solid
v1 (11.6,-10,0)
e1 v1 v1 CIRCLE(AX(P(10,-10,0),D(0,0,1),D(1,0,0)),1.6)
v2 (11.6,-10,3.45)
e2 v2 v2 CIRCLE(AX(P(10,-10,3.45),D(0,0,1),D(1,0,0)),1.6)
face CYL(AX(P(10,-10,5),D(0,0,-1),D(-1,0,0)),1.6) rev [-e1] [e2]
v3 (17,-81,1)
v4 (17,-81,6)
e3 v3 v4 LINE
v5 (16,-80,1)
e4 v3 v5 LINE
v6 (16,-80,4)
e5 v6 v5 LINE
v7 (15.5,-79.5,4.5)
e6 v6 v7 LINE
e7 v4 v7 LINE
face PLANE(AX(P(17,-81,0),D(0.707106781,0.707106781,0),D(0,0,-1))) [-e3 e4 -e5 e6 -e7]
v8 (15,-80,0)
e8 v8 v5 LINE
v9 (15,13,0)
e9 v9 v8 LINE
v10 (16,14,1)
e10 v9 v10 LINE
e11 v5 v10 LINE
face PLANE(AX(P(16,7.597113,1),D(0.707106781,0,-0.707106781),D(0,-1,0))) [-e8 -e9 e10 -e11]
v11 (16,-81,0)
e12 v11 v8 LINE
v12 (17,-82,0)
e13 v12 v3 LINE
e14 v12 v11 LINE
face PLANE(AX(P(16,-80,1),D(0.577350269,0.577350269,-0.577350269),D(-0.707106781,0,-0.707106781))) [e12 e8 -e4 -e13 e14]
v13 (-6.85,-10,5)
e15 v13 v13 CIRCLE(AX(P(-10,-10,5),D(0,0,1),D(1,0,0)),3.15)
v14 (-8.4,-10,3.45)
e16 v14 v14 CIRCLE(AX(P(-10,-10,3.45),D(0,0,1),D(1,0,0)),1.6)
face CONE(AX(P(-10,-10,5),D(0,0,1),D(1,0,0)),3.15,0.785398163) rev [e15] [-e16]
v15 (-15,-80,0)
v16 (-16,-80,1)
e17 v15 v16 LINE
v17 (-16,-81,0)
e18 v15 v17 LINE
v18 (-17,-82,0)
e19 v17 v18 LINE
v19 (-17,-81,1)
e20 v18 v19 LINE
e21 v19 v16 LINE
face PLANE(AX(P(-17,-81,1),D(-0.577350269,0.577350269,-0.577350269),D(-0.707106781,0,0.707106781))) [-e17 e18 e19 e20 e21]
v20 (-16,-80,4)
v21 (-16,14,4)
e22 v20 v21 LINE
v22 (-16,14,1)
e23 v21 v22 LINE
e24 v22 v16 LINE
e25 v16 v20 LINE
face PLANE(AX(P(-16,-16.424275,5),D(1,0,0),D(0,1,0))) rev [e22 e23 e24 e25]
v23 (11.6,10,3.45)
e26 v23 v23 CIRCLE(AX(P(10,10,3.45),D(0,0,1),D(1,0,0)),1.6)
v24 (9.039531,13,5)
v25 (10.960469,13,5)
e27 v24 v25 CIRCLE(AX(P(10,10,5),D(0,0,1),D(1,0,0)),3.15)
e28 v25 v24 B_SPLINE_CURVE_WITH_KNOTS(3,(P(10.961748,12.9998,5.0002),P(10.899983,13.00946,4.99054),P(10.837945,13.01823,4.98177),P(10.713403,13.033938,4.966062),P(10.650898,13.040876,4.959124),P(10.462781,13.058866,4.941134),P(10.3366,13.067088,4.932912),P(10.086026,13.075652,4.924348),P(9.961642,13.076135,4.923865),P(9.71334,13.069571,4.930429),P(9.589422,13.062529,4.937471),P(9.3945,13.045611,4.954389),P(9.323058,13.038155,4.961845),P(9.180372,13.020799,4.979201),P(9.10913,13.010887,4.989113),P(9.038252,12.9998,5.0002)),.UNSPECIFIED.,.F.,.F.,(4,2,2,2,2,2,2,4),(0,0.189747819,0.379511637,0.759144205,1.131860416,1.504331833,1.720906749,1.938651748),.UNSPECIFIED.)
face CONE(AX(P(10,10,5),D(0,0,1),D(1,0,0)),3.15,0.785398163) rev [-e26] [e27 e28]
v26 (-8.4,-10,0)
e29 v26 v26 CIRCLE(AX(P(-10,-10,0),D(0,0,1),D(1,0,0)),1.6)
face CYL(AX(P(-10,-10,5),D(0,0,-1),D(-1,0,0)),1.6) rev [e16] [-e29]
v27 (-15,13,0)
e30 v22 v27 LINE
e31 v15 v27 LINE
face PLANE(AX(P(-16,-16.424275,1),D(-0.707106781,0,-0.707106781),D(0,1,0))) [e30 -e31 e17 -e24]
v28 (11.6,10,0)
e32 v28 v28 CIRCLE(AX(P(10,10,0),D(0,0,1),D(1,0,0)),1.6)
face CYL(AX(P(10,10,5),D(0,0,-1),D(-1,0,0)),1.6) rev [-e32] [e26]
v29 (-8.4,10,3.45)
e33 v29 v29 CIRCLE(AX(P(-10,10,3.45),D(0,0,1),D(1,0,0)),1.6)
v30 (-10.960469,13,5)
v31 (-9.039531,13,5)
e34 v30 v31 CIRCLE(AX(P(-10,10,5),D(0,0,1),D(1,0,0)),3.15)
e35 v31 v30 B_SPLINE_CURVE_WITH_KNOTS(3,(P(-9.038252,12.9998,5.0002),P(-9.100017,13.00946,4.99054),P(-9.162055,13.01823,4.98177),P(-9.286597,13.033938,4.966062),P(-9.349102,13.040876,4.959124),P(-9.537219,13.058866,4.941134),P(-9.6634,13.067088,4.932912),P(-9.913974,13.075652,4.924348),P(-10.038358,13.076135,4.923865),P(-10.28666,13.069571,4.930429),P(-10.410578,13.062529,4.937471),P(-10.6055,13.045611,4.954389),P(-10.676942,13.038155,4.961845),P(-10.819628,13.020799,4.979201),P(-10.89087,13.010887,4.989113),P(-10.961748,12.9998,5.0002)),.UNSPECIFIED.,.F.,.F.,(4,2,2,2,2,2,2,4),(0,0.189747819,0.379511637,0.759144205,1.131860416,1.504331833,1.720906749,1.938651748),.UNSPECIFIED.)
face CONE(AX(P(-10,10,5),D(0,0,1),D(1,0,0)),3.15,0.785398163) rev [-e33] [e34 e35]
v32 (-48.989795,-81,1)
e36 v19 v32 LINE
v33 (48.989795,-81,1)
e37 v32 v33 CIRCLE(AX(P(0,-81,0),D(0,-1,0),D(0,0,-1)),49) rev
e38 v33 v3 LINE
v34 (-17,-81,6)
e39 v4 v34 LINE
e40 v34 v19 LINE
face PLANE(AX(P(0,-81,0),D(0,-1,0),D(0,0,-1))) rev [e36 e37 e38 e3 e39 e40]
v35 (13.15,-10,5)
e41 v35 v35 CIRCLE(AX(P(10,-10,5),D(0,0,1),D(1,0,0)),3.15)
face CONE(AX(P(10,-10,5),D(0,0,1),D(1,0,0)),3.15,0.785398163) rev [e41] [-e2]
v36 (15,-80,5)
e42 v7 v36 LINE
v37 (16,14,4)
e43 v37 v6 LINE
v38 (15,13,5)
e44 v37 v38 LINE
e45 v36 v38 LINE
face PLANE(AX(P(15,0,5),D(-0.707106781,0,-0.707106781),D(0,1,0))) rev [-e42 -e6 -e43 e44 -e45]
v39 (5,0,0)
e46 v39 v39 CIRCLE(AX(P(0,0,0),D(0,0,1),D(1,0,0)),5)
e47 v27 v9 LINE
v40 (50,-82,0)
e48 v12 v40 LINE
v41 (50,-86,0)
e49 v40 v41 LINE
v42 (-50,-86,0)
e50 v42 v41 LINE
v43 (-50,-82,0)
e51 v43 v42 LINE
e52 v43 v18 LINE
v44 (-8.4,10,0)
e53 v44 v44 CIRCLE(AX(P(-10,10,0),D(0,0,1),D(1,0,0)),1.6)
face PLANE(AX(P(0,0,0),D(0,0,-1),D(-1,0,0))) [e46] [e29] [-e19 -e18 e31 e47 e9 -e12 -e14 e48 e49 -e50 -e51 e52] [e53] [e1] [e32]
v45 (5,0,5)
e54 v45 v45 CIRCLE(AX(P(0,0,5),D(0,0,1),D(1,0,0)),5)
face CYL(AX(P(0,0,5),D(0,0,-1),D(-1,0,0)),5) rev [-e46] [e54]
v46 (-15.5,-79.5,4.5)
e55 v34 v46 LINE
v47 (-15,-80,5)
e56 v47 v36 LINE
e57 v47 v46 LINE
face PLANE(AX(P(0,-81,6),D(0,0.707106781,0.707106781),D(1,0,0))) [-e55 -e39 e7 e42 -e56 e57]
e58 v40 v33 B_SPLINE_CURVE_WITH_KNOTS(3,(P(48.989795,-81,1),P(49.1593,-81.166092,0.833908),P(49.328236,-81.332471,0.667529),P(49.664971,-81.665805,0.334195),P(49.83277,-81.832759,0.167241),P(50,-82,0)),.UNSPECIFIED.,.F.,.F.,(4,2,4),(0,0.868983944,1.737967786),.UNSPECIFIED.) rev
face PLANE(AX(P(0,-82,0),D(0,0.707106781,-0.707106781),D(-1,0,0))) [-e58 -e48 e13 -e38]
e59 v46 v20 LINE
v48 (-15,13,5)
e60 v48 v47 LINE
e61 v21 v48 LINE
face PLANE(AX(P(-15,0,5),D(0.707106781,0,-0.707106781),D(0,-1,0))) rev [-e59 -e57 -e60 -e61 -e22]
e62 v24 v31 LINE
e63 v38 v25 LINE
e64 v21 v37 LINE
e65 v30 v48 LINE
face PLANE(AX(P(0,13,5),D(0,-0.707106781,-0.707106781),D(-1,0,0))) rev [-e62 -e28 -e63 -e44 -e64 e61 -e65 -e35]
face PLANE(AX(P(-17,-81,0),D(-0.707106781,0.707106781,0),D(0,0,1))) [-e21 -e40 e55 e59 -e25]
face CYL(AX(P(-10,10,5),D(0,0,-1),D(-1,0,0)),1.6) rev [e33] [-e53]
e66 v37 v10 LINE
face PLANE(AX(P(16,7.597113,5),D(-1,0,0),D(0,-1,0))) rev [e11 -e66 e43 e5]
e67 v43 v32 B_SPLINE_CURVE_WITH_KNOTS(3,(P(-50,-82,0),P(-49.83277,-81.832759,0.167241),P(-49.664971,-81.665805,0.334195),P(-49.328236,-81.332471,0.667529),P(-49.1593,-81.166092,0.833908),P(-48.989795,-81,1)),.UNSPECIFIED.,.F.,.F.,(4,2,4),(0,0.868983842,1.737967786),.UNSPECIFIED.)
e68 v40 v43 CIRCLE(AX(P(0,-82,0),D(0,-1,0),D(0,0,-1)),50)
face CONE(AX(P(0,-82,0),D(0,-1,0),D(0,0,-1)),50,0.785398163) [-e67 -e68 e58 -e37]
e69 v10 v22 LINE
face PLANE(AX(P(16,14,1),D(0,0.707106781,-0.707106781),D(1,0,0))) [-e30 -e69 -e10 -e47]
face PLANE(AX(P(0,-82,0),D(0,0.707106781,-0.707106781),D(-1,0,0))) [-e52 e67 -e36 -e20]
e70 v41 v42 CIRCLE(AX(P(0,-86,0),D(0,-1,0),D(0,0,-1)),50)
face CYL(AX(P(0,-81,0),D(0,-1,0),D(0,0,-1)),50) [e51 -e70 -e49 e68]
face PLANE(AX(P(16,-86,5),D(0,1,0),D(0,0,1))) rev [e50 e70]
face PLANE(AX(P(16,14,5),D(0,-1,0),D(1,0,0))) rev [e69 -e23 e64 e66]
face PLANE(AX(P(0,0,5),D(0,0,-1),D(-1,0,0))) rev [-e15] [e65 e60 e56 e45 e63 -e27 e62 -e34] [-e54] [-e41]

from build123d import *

# Parameters (mm, degrees)
SKIZZE1_R                                            = 5
SKIZZE1_R_2                                          = 1.6
AUFSATZ_LINEAR_AUSTRAGEN1_DEPTH                      = 5
AUFSATZ_LINEAR_AUSTRAGEN2_DEPTH                      = 5
FASE1_SIZE                                           = 1
FASE2_SIZE                                           = 1
FASE3_SIZE                                           = 1
FORMSENKUNG_F_R_M3_LINSENSENKSCHRAUBE_MI_D           = 3.2
FORMSENKUNG_F_R_M3_LINSENSENKSCHRAUBE_MI_CSINK_D     = 6.3
FORMSENKUNG_F_R_M3_LINSENSENKSCHRAUBE_MI_CSINK_ANGLE = 90


with BuildPart() as part:
    # Skizze1 → Aufsatz-Linear austragen1 (new body)
    with BuildSketch(Plane.XY):
        Polygon((16, -13.386681205), (16, 7.597112796), (16, 14), (-16, 14), (-16, 4.559518535), (-16, -16.424275466), (-16, -86), (16, -86), align=None)
        Circle(SKIZZE1_R, mode=Mode.SUBTRACT)
        with Locations((10, -10)):
            Circle(SKIZZE1_R_2, mode=Mode.SUBTRACT)
        with Locations((-10, -10)):
            Circle(SKIZZE1_R_2, mode=Mode.SUBTRACT)
        with Locations((-10, 10)):
            Circle(SKIZZE1_R_2, mode=Mode.SUBTRACT)
        with Locations((10, 10)):
            Circle(SKIZZE1_R_2, mode=Mode.SUBTRACT)
    extrude(amount=AUFSATZ_LINEAR_AUSTRAGEN1_DEPTH)

    # Skizze2 → Aufsatz-Linear austragen2 (add)
    with BuildSketch(Plane(origin=(0, -86, 0), x_dir=(-1, 0, 0), z_dir=(0, -1, 0))):
        with BuildLine():
            Line((50, 0), (16, 0))
            Line((16, 0), (16, -5))
            Line((16, -5), (-16, -5))
            Line((-16, -5), (-16, 0))
            Line((-16, 0), (-50, 0))
            ThreePointArc((-50, 0), (0, -50), (50, 0))
        make_face()
    extrude(amount=-AUFSATZ_LINEAR_AUSTRAGEN2_DEPTH)

    # Fase1
    fase1_edges = [part.edges().sort_by_distance(p)[0] for p in [
        (16, -33.5, 0),
        (33, -81, 0),
        (-33, -81, 0),
        (0, -81, 50),
        (16, -81, 2.5),
        (0, -81, 5),
        (-16, -81, 2.5),
        (-16, -33.5, 0),
    ]]
    chamfer(fase1_edges, length=FASE1_SIZE)

    # Fase2
    fase2_edges = [part.edges().sort_by_distance(p)[0] for p in [
        (0, 14, 5),
        (-16, -33, 5),
        (16, -33, 5),
    ]]
    chamfer(fase2_edges, length=FASE2_SIZE)

    # Fase3
    fase3_edges = [part.edges().sort_by_distance(p)[0] for p in [
        (0, 14, 0),
    ]]
    chamfer(fase3_edges, length=FASE3_SIZE)

    # Formsenkung für M3 Linsensenkschraube mit Schlitz1 (through all)
    with Locations(Plane.XY.offset(5)):
        with Locations((-10, 10), (10, 10), (-10, -10), (10, -10)):
            CounterSinkHole(FORMSENKUNG_F_R_M3_LINSENSENKSCHRAUBE_MI_D / 2, FORMSENKUNG_F_R_M3_LINSENSENKSCHRAUBE_MI_CSINK_D / 2, counter_sink_angle=FORMSENKUNG_F_R_M3_LINSENSENKSCHRAUBE_MI_CSINK_ANGLE)


solid = part.part
